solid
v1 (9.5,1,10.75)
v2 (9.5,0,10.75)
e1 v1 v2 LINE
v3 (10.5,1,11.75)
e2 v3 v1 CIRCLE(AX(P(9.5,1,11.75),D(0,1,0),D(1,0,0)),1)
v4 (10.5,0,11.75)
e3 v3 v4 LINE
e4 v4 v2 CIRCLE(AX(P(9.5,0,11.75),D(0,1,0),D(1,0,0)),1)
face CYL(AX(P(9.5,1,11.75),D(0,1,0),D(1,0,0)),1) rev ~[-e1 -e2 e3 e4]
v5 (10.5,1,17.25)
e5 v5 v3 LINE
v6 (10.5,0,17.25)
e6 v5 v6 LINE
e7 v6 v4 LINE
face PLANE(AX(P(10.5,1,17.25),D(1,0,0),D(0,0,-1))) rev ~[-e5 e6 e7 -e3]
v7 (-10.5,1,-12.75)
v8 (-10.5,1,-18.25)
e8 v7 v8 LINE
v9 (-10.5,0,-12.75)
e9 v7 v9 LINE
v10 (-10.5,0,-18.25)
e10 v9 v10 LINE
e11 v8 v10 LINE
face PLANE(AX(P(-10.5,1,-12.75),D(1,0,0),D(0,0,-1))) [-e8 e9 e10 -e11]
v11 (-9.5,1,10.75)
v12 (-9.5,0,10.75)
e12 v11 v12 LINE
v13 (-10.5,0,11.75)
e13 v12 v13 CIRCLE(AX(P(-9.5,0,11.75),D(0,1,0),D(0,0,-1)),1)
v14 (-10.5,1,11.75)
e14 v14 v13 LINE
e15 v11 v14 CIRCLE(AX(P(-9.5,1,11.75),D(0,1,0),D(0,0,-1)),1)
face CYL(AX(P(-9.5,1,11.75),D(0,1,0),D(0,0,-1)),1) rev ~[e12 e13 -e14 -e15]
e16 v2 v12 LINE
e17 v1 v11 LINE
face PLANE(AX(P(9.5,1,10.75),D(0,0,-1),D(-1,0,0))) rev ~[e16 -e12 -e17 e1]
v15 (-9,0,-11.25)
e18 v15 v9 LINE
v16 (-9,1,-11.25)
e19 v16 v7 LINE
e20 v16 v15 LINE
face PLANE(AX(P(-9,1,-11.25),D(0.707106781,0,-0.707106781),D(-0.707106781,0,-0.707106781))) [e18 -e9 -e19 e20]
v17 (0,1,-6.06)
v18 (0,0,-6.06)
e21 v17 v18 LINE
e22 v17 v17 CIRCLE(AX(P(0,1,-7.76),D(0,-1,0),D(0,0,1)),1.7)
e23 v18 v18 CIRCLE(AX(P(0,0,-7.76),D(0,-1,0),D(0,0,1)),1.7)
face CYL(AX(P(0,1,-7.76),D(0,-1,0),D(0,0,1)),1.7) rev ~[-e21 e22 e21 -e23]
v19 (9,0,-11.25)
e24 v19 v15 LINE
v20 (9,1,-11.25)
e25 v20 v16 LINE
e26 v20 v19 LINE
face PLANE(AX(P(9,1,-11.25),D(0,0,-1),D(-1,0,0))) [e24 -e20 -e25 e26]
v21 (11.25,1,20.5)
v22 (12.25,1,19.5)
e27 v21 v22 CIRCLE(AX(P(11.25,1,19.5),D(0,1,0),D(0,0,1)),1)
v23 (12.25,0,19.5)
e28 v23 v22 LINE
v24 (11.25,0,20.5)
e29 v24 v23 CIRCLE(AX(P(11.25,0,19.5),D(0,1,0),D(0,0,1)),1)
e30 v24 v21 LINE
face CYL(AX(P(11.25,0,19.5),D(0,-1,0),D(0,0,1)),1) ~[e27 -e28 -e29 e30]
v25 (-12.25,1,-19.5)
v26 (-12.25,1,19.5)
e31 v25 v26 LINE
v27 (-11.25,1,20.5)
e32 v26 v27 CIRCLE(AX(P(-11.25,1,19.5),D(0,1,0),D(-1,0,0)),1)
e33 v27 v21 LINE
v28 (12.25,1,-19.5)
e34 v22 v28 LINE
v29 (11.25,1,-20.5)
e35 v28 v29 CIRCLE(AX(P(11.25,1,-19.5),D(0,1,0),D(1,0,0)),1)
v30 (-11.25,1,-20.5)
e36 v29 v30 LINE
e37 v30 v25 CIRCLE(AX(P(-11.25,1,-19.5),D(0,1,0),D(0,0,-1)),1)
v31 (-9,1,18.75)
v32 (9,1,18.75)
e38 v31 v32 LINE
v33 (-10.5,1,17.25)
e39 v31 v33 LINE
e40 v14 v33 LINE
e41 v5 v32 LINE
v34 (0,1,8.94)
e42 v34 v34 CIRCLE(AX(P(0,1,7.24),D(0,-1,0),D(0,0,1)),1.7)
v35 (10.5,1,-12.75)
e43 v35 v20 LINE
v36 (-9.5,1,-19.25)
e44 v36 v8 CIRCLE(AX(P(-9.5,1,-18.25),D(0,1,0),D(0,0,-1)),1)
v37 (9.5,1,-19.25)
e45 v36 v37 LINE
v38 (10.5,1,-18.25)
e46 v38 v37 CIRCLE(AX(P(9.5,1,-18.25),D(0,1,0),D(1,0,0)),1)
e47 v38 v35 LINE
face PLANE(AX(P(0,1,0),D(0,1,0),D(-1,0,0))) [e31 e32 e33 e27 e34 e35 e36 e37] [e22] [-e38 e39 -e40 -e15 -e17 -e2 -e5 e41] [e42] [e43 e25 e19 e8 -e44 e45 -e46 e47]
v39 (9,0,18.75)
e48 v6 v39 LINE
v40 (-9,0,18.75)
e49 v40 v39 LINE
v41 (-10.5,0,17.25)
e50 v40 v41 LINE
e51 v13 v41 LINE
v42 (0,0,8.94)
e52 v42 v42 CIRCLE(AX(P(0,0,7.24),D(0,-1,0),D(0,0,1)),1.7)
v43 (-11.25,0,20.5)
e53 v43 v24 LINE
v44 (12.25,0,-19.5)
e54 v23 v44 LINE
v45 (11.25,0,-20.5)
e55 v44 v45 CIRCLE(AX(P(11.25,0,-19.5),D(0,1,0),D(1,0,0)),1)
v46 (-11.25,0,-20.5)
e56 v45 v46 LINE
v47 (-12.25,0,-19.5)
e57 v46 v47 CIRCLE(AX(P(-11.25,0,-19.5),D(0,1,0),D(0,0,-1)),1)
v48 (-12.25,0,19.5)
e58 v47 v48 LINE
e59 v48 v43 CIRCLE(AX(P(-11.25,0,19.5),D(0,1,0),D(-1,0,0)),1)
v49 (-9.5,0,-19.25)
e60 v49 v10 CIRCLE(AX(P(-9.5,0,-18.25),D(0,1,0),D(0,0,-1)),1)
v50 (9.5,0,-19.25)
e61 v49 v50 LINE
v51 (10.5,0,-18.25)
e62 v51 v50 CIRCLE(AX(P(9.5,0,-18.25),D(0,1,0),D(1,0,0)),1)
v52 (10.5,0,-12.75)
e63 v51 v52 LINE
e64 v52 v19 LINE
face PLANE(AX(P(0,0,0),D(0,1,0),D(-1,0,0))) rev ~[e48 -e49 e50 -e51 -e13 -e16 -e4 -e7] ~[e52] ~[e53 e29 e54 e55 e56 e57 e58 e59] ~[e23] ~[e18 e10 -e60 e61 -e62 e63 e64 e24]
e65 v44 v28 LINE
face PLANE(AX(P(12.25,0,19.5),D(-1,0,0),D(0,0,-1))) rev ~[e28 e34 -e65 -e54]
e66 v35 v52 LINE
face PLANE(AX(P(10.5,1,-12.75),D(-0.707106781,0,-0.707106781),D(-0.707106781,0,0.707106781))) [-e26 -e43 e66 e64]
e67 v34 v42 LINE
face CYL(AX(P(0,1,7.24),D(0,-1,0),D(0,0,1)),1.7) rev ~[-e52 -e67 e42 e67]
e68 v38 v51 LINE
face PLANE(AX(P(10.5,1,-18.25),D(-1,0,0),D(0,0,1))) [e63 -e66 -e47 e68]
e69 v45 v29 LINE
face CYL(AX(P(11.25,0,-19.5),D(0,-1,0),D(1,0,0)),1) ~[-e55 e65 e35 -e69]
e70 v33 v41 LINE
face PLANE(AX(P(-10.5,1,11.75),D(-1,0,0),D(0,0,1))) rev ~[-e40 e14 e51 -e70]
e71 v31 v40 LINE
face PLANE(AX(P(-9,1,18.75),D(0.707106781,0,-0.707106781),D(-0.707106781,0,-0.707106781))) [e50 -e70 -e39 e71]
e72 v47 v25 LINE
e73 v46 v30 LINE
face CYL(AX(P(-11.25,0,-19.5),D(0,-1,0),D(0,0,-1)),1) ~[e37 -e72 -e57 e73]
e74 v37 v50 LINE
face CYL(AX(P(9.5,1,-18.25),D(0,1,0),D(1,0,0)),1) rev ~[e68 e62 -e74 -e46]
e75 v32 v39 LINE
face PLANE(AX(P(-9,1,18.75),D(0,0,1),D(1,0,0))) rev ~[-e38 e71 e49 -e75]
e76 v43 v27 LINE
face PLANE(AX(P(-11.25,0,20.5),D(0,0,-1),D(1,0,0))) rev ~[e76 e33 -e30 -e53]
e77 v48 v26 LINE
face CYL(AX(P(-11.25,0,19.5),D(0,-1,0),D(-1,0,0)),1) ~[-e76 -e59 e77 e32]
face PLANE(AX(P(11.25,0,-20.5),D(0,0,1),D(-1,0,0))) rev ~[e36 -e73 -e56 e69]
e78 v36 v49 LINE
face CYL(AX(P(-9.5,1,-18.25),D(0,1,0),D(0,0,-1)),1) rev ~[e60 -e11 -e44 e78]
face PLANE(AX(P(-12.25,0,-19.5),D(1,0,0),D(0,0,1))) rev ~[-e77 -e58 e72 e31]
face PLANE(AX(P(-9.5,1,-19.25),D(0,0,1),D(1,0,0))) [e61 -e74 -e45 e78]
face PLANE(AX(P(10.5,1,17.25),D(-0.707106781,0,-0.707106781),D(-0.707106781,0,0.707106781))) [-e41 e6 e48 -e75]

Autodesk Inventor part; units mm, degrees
ref_plane "YZ Plane" through (0, 0, 0) normal (1, 0, 0) x (0, 1, 0)
ref_plane "XZ Plane" through (0, 0, 0) normal (0, 1, 0) x (-1, 0, 0)
ref_plane "XY Plane" through (0, 0, 0) normal (0, 0, 1) x (1, 0, 0)
sketch "Sketch1" plane through (0, 0, 0) normal (0, 1, 0) x (-1, 0, 0)
  line L0 (-11.25, -20.5) -> (11.25, -20.5)
  line L1 (12.25, -19.5) -> (12.25, 19.5)
  line L2 (11.25, 20.5) -> (-11.25, 20.5)
  line L3 (-12.25, 19.5) -> (-12.25, -19.5)
  line L4 (-12.25, -20.5) -> (12.25, 20.5) construction
  line L5 (12.25, -20.5) -> (-12.25, 20.5) construction
  arc A0 (12.25, 19.5) -> (11.25, 20.5) centre (11.25, 19.5) ccw
  arc A1 (-11.25, 20.5) -> (-12.25, 19.5) centre (-11.25, 19.5) ccw
  arc A2 (-12.25, -19.5) -> (-11.25, -20.5) centre (-11.25, -19.5) ccw
  arc A3 (11.25, -20.5) -> (12.25, -19.5) centre (11.25, -19.5) ccw
  point P0 (0, 0)
  dimension "d0" = 24.5
  dimension "d1" = 41
  dimension "d2" = 1
extrude "Extrusion1" add sketch "Sketch1" along normal blind 1
sketch "Sketch2" plane through (0, 1, 0) normal (0, 1, 0) x (1, 0, 0)
  line L0 (9.5, -10.75) -> (-9.5, -10.75)
  line L1 (-10.5, -11.75) -> (-10.5, -17.25)
  line L2 (-9, -18.75) -> (9, -18.75)
  line L3 (10.5, -17.25) -> (10.5, -11.75)
  line L4 (10.5, -10.75) -> (-10.5, -18.75) construction
  line L5 (-10.5, -10.75) -> (10.5, -18.75) construction
  line L6 (-9.5, 19.25) -> (9.5, 19.25)
  line L7 (10.5, 18.25) -> (10.5, 12.75)
  line L8 (9, 11.25) -> (-9, 11.25)
  line L9 (-10.5, 12.75) -> (-10.5, 18.25)
  line L10 (-10.5, 19.25) -> (10.5, 11.25) construction
  line L11 (10.5, 19.25) -> (-10.5, 11.25) construction
  line L12 (11.25, 20.5) -> (-11.25, 20.5) projected
  arc A0 (-9.5, -10.75) -> (-10.5, -11.75) centre (-9.5, -11.75) ccw
  arc A1 (10.5, -11.75) -> (9.5, -10.75) centre (9.5, -11.75) ccw
  arc A2 (-9.5, 19.25) -> (-10.5, 18.25) centre (-9.5, 18.25) ccw
  arc A3 (10.5, 18.25) -> (9.5, 19.25) centre (9.5, 18.25) ccw
  line L13 (10.5, -17.25) -> (9, -18.75)
  line L14 (10.5, 12.75) -> (9, 11.25)
  line L15 (-9, -18.75) -> (-10.5, -17.25)
  line L16 (-9, 11.25) -> (-10.5, 12.75)
  point P0 (0, 0)
  point P1 (0, -14.75)
  point P2 (0, 15.25)
  dimension "d5" = 30
  dimension "d8" = 1.25
  dimension "d9" = 8
  dimension "d10" = 8
  dimension "d11" = 21
  dimension "d12" = 21
  dimension "d14" = 1.5
  dimension "d15" = 1.5
  dimension "d16" = 1.5
  dimension "d17" = 1.5
  dimension "d18" = 1.5
  dimension "d19" = 1.5
  dimension "d20" = 1.5
  dimension "d21" = 1
  dimension "d22" = 1
extrude "Extrusion2" cut sketch "Sketch2" against normal through all
sketch "Sketch3" plane through (0, 1, 0) normal (0, 1, 0) x (1, 0, 0)
  line L0 (11.25, 20.5) -> (-11.25, 20.5) projected
  point P0 (0, 0)
  point P1 (0, -7.24)
  point P2 (0, 7.76)
  dimension "d23" = 15
  dimension "d24" = 12.74
hole "Hole1" at (0, 1, 7.24) at (0, 1, -7.76) direction (0, -1, 0) diameter 3.4 depth 7.9 tip angle 118 clearance for "Flat Head Machine Screw" size "M3" standard "Ansi Metric M Profile"
equation "\"d10\" = d9"
equation "\"d12\" = d11"
equation "\"d15\" = d14"
equation "\"d16\" = d14"
equation "\"d17\" = d15"
equation "\"d18\" = d15"
equation "\"d19\" = d14"
equation "\"d20\" = d15"
properties part number "flex clamp V1" material "Stainless Steel"
